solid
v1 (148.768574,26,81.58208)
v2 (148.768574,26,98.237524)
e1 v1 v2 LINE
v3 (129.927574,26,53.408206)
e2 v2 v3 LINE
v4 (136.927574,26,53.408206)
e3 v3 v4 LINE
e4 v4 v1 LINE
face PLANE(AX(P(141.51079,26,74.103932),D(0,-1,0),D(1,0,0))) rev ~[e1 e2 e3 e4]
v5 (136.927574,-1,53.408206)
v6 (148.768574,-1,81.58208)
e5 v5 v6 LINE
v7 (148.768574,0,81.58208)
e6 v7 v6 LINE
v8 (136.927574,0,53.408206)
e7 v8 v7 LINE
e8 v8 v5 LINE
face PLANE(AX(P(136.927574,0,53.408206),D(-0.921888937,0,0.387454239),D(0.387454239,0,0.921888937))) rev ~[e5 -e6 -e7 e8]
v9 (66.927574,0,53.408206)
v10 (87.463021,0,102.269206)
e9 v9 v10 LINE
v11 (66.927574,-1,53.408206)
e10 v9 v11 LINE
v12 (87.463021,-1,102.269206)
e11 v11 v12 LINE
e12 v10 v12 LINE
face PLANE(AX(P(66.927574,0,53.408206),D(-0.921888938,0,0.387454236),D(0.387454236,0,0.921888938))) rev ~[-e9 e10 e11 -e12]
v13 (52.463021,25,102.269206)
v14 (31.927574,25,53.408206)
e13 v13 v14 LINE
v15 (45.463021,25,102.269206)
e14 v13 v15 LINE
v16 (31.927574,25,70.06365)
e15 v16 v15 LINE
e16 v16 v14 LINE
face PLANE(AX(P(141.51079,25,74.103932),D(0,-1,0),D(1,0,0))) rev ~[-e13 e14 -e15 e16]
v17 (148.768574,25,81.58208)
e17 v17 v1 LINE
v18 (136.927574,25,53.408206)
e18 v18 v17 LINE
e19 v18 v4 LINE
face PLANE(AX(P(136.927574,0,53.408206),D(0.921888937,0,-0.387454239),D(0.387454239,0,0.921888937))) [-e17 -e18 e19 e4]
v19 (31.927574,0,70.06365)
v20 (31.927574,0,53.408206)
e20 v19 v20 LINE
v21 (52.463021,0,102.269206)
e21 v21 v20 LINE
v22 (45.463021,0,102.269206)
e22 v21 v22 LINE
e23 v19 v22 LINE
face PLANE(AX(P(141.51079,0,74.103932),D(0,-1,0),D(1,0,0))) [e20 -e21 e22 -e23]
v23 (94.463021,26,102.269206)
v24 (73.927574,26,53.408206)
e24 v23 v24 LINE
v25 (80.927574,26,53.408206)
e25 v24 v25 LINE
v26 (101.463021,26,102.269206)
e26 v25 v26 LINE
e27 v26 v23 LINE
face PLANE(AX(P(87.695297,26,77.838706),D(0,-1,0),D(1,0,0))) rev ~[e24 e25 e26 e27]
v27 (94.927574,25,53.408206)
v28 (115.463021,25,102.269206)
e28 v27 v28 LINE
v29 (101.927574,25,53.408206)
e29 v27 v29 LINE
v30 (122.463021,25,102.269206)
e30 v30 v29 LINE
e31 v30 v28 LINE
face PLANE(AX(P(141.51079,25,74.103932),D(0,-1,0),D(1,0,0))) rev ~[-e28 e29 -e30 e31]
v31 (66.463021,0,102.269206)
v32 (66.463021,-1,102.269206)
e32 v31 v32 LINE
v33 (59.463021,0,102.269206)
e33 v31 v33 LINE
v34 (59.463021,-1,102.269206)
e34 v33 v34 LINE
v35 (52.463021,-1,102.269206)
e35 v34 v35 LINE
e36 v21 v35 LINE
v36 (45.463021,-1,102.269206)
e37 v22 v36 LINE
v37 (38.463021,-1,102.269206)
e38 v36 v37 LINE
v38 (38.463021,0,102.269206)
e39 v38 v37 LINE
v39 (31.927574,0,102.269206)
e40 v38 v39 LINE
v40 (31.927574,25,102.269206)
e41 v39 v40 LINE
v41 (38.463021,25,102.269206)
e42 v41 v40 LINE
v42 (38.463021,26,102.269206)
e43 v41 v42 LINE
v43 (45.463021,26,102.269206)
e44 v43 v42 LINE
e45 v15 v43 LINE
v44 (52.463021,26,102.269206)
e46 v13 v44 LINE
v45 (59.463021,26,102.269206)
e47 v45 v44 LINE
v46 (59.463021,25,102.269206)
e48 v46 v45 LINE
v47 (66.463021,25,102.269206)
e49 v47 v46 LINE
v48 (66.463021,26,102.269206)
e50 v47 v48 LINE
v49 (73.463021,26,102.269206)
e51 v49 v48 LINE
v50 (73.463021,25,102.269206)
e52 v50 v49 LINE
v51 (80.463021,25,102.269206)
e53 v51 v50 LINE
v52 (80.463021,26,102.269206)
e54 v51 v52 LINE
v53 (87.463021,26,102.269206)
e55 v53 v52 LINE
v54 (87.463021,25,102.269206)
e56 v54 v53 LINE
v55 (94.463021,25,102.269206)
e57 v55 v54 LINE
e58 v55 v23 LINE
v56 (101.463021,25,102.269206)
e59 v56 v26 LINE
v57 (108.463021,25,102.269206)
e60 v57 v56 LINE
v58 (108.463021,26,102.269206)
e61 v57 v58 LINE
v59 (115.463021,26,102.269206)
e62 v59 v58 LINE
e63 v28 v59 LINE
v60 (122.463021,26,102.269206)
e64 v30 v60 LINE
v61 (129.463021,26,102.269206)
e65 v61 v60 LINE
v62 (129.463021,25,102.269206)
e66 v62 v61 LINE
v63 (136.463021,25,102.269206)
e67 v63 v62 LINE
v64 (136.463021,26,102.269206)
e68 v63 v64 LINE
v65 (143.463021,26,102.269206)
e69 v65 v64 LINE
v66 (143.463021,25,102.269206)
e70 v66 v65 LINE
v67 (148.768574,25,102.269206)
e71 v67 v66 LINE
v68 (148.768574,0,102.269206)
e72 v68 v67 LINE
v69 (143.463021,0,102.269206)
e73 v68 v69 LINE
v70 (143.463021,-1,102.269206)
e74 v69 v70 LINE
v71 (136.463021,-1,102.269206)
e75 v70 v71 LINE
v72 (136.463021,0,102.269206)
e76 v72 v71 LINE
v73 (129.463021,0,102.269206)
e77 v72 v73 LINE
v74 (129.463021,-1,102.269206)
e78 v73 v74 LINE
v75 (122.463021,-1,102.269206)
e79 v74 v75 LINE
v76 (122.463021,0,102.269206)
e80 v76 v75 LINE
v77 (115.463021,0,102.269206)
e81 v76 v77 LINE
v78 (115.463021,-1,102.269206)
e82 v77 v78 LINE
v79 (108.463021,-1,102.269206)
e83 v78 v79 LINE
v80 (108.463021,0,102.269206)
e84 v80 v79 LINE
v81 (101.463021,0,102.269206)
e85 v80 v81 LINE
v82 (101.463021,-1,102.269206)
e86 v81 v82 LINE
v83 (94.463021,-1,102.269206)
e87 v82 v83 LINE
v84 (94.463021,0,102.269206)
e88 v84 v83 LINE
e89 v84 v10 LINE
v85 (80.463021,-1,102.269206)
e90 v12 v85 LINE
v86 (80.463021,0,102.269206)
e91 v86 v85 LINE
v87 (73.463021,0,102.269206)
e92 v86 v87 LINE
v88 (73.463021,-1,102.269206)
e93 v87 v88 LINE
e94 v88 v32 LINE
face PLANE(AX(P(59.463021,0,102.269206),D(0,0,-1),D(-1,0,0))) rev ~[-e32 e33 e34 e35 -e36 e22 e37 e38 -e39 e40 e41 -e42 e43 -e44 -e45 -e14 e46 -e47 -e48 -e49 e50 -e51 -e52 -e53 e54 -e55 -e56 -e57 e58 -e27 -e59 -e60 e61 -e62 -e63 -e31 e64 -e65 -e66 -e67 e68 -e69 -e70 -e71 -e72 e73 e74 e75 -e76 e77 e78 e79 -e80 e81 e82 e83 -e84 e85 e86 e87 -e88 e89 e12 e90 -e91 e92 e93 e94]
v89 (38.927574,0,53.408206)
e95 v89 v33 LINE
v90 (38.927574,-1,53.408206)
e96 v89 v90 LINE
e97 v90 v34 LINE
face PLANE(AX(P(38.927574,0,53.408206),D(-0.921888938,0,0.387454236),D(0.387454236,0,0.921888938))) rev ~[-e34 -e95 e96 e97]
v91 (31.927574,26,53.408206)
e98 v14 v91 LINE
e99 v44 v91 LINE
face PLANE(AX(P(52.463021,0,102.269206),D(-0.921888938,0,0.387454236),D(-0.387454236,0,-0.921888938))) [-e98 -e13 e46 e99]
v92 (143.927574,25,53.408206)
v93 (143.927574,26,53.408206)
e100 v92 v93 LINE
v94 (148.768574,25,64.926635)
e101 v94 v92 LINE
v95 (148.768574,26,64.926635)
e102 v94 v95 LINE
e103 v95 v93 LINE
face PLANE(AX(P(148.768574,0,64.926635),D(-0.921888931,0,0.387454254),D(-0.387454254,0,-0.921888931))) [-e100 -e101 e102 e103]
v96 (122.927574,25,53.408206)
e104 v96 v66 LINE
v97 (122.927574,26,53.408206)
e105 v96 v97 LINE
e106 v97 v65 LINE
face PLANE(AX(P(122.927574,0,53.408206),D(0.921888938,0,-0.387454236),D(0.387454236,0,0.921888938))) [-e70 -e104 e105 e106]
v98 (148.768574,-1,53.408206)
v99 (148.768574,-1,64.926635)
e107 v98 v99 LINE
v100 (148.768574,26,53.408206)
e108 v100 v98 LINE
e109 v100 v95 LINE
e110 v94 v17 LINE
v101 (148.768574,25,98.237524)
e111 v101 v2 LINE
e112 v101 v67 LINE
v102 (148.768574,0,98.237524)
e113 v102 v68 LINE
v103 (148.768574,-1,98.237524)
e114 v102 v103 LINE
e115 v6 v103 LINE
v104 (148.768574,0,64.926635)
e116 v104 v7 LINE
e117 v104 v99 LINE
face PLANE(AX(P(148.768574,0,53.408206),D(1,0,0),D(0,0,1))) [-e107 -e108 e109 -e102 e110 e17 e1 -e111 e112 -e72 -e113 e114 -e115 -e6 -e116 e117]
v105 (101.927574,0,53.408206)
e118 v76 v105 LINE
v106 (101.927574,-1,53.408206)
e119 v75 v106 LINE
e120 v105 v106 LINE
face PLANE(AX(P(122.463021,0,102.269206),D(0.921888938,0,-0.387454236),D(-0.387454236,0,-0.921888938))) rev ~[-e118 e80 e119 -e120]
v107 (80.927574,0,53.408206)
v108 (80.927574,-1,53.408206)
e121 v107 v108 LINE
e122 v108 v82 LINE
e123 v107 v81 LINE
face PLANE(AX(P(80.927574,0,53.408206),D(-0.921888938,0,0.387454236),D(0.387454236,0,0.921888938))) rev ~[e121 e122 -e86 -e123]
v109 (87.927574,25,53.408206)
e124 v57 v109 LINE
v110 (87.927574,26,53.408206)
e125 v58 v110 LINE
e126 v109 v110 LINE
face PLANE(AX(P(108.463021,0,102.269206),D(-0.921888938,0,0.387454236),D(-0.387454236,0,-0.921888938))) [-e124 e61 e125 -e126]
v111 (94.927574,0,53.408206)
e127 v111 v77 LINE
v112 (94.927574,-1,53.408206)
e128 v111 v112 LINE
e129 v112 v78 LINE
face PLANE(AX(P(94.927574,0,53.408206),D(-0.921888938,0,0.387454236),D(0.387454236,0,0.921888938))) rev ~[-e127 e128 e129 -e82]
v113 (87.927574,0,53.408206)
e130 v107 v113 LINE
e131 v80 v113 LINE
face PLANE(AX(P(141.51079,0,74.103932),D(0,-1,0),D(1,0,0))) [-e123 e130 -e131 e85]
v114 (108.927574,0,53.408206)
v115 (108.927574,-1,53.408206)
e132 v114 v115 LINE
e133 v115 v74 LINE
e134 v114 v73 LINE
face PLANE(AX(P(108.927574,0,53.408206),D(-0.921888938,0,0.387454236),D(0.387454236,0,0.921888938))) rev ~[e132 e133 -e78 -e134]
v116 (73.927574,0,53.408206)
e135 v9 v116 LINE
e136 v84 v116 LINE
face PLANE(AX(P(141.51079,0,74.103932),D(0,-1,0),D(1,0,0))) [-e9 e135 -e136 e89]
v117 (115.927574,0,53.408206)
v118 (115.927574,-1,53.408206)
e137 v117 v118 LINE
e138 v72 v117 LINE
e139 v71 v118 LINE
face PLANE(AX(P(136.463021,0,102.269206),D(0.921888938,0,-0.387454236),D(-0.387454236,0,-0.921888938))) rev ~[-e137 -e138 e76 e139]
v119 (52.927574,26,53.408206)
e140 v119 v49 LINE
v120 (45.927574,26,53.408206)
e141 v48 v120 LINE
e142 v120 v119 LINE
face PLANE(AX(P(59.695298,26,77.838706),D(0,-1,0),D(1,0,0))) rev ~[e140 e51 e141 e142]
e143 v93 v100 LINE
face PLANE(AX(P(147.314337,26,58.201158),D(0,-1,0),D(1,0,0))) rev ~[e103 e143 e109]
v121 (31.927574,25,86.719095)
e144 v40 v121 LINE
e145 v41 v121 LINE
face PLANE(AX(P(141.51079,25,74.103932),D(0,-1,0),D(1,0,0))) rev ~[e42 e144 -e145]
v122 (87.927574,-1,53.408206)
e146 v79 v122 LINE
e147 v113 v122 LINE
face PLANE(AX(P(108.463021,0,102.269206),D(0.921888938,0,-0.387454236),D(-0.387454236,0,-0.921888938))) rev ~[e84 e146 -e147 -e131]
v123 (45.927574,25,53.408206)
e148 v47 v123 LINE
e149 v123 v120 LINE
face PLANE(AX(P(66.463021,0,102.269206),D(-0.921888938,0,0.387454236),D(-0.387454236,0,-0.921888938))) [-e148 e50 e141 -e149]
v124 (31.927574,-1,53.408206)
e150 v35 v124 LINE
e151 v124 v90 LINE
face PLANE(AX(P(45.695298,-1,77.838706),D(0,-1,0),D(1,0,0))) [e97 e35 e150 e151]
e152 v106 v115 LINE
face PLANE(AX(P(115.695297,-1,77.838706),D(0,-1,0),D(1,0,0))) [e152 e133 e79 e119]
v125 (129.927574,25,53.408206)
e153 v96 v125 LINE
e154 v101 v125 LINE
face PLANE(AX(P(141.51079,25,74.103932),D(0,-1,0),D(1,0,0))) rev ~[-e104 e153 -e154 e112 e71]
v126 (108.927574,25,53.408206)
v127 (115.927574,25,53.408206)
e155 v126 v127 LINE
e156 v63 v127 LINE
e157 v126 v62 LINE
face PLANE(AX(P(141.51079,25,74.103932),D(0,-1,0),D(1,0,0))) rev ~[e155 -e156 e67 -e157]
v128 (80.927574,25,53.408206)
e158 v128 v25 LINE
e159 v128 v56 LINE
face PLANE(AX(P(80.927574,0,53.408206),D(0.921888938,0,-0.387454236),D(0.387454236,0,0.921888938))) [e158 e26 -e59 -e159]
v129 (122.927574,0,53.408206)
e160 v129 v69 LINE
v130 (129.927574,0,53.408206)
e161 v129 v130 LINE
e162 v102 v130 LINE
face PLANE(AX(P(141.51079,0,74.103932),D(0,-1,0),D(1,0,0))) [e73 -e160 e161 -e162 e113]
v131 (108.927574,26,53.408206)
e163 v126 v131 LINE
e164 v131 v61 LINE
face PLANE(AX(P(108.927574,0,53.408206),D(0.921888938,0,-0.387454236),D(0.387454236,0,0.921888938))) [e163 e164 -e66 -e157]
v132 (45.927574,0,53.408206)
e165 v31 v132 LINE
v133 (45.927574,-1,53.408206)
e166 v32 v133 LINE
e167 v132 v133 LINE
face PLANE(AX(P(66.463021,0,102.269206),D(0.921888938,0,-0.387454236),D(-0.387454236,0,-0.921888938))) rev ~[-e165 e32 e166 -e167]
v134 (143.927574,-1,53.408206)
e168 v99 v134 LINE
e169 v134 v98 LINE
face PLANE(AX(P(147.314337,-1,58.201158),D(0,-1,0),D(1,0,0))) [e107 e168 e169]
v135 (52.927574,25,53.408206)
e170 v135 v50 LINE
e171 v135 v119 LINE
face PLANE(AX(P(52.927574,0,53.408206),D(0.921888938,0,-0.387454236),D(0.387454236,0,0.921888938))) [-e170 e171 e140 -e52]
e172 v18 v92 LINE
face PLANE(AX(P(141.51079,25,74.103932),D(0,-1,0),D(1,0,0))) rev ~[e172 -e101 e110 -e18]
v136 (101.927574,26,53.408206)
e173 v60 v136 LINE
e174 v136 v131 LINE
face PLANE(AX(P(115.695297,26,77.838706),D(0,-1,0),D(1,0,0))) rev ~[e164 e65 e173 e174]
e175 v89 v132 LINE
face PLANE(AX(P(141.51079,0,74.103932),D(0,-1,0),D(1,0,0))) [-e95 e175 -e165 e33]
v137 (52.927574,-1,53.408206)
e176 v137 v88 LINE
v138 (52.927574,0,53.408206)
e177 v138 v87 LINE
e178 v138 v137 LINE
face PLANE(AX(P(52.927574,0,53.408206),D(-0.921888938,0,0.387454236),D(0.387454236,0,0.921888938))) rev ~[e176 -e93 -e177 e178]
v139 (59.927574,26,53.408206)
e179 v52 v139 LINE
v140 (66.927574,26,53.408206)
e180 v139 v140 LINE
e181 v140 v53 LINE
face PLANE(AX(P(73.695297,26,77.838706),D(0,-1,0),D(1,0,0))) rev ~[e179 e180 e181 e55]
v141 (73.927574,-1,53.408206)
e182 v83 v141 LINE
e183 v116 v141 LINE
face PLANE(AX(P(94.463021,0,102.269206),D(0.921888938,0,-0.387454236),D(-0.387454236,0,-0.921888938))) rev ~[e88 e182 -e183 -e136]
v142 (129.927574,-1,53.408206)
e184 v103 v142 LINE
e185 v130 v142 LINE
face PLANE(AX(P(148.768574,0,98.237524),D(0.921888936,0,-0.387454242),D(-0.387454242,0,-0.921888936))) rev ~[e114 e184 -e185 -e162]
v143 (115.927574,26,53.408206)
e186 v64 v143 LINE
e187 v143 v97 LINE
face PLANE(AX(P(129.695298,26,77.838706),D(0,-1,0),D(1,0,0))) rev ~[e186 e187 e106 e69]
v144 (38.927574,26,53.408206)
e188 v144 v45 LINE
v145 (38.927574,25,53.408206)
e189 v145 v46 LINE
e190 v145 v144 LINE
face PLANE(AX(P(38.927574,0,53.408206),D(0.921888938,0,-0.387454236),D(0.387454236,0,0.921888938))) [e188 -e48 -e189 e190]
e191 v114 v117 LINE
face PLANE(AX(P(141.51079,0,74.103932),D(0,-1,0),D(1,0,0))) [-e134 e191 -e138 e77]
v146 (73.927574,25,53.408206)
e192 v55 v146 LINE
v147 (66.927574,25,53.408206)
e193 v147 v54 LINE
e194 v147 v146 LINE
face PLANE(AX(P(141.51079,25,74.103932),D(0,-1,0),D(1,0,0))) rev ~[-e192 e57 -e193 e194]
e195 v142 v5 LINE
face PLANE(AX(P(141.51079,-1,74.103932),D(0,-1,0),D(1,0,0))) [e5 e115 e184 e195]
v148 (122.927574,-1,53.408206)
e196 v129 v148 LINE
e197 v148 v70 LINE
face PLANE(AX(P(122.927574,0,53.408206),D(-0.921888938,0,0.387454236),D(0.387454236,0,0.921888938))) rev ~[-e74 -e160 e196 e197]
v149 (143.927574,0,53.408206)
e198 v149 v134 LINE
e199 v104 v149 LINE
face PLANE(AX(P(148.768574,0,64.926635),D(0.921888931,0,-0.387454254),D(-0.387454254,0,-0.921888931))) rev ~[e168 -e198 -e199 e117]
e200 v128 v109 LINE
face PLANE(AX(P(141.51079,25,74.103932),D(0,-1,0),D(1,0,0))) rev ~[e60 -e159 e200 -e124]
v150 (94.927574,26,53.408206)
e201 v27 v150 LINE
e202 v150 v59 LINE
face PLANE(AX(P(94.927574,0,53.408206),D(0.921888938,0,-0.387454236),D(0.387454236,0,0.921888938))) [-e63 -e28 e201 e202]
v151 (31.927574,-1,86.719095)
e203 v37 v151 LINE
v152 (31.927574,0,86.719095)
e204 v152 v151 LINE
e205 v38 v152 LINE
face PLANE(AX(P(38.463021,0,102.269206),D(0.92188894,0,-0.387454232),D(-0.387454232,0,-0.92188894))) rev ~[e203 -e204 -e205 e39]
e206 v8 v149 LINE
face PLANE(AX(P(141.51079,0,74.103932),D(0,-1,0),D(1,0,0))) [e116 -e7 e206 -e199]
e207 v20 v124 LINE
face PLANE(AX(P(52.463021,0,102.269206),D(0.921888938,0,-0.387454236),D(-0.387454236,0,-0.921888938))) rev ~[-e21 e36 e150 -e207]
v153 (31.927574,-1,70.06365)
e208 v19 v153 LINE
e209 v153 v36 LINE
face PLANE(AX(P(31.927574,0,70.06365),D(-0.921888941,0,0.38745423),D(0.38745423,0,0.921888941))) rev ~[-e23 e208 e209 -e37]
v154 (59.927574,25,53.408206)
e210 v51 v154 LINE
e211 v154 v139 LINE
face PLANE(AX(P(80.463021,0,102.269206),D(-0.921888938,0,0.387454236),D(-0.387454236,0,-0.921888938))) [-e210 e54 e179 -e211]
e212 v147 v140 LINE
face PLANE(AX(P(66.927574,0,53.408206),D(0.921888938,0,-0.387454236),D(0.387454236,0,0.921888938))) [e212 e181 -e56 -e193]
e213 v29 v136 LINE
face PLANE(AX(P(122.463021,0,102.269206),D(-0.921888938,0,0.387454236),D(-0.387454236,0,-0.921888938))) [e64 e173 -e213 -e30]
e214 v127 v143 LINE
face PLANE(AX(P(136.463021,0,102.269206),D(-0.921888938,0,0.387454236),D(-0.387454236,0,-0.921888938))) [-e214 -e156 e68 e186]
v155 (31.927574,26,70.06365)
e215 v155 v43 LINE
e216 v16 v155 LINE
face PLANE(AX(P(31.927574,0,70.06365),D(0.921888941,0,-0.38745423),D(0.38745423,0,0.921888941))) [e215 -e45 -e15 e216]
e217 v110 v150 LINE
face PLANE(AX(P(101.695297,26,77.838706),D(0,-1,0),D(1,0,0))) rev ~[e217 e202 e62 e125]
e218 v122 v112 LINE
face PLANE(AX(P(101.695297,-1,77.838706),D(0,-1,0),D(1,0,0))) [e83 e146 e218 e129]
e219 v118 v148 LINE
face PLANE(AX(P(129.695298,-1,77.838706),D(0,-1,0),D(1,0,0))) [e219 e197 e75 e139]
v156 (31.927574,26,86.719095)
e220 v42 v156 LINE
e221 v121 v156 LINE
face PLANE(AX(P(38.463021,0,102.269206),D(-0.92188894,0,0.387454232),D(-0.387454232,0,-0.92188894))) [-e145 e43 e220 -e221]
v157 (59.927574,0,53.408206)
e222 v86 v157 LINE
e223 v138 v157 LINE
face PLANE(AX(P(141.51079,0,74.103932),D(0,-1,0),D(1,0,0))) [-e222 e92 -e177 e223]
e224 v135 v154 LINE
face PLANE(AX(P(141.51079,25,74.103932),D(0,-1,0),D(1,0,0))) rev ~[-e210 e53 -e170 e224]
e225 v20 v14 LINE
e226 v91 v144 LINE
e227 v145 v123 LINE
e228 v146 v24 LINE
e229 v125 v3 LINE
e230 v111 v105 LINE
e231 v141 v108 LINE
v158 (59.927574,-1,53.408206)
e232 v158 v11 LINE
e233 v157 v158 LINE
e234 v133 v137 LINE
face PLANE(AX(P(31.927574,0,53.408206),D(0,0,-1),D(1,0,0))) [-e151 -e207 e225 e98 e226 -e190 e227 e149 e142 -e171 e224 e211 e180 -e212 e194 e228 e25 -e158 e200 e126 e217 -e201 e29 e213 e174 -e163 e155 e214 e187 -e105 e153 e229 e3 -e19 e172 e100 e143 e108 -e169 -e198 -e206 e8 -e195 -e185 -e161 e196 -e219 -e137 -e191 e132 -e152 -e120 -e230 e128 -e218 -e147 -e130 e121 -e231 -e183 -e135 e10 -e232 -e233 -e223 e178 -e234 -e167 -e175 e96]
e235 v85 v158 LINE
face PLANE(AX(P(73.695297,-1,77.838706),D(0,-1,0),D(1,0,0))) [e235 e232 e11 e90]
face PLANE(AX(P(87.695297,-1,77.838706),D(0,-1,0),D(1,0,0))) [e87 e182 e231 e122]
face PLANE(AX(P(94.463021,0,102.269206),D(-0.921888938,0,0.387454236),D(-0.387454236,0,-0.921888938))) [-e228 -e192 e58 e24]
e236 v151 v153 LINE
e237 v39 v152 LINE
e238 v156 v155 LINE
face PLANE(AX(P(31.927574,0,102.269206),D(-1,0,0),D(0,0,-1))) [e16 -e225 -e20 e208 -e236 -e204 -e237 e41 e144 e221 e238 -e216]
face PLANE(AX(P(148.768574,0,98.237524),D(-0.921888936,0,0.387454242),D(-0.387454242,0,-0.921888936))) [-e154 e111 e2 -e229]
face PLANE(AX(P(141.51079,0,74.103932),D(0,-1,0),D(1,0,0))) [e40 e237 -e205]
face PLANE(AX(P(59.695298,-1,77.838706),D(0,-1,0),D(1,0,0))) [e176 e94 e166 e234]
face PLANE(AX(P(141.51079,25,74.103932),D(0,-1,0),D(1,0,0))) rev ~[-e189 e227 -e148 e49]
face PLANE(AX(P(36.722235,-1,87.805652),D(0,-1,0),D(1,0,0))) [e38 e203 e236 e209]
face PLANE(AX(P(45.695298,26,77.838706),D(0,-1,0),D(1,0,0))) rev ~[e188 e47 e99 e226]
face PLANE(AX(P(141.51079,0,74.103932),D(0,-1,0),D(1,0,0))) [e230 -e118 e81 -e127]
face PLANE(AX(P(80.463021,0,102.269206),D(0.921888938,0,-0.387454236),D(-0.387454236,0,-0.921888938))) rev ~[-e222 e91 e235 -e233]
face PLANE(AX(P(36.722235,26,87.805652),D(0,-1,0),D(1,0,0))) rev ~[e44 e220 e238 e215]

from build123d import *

# Parameters (mm, degrees)
F1_DEPTH      = 25
F2_DEPTH      = 1
F2_DEPTH_BACK = 26


with BuildPart() as f1:
    # F0 (on Front) → F1 (new body)
    with BuildSketch(Plane.XZ):
        Polygon((148.768574, 98.237524), (129.927574, 53.408206), (136.927574, 53.408206), (148.768574, 81.58208), align=None)
        Polygon((136.463021, 102.269206), (129.463021, 102.269206), (108.927574, 53.408206), (115.927574, 53.408206), align=None)
        Polygon((148.768574, 102.269206), (143.463021, 102.269206), (122.927574, 53.408206), (129.927574, 53.408206), (148.768574, 98.237524), align=None)
        Polygon((115.463021, 102.269206), (108.463021, 102.269206), (87.927574, 53.408206), (94.927574, 53.408206), align=None)
        Polygon((108.463021, 102.269206), (101.463021, 102.269206), (80.927574, 53.408206), (87.927574, 53.408206), align=None)
        Polygon((101.463021, 102.269206), (94.463021, 102.269206), (73.927574, 53.408206), (80.927574, 53.408206), align=None)
        Polygon((94.463021, 102.269206), (87.463021, 102.269206), (66.927574, 53.408206), (73.927574, 53.408206), align=None)
        Polygon((87.463021, 102.269206), (80.463021, 102.269206), (59.927574, 53.408206), (66.927574, 53.408206), align=None)
        Polygon((80.463021, 102.269206), (73.463021, 102.269206), (52.927574, 53.408206), (59.927574, 53.408206), align=None)
        Polygon((73.463021, 102.269206), (66.463021, 102.269206), (45.927574, 53.408206), (52.927574, 53.408206), align=None)
        Polygon((66.463021, 102.269206), (59.463021, 102.269206), (38.927574, 53.408206), (45.927574, 53.408206), align=None)
        Polygon((59.463021, 102.269206), (52.463021, 102.269206), (31.927574, 53.408206), (38.927574, 53.408206), align=None)
        Polygon((52.463021, 102.269206), (45.463021, 102.269206), (31.927574, 70.06365), (31.927574, 53.408206), align=None)
        Polygon((45.463021, 102.269206), (38.463021, 102.269206), (31.927574, 86.719095), (31.927574, 70.06365), align=None)
        Polygon((148.768574, 64.926635), (143.927574, 53.408206), (148.768574, 53.408206), align=None)
        Polygon((38.463021, 102.269206), (31.927574, 102.269206), (31.927574, 86.719095), align=None)
        Polygon((143.463021, 102.269206), (136.463021, 102.269206), (115.927574, 53.408206), (122.927574, 53.408206), align=None)
        Polygon((129.463021, 102.269206), (122.463021, 102.269206), (101.927574, 53.408206), (108.927574, 53.408206), align=None)
        Polygon((122.463021, 102.269206), (115.463021, 102.269206), (94.927574, 53.408206), (101.927574, 53.408206), align=None)
        Polygon((148.768574, 81.58208), (136.927574, 53.408206), (143.927574, 53.408206), (148.768574, 64.926635), align=None)
    extrude(amount=-F1_DEPTH)

    # F0 (on Front) → F2 (join, two sides)
    with BuildSketch(Plane.XZ) as f2_sk:
        Polygon((45.463021, 102.269206), (38.463021, 102.269206), (31.927574, 86.719095), (31.927574, 70.06365), align=None)
        Polygon((59.463021, 102.269206), (52.463021, 102.269206), (31.927574, 53.408206), (38.927574, 53.408206), align=None)
        Polygon((73.463021, 102.269206), (66.463021, 102.269206), (45.927574, 53.408206), (52.927574, 53.408206), align=None)
        Polygon((87.463021, 102.269206), (80.463021, 102.269206), (59.927574, 53.408206), (66.927574, 53.408206), align=None)
        Polygon((101.463021, 102.269206), (94.463021, 102.269206), (73.927574, 53.408206), (80.927574, 53.408206), align=None)
        Polygon((115.463021, 102.269206), (108.463021, 102.269206), (87.927574, 53.408206), (94.927574, 53.408206), align=None)
        Polygon((129.463021, 102.269206), (122.463021, 102.269206), (101.927574, 53.408206), (108.927574, 53.408206), align=None)
        Polygon((143.463021, 102.269206), (136.463021, 102.269206), (115.927574, 53.408206), (122.927574, 53.408206), align=None)
        Polygon((148.768574, 98.237524), (129.927574, 53.408206), (136.927574, 53.408206), (148.768574, 81.58208), align=None)
        Polygon((148.768574, 64.926635), (143.927574, 53.408206), (148.768574, 53.408206), align=None)
    extrude(amount=F2_DEPTH)
    extrude(f2_sk.sketch, amount=-F2_DEPTH_BACK)


solid = f1.part
